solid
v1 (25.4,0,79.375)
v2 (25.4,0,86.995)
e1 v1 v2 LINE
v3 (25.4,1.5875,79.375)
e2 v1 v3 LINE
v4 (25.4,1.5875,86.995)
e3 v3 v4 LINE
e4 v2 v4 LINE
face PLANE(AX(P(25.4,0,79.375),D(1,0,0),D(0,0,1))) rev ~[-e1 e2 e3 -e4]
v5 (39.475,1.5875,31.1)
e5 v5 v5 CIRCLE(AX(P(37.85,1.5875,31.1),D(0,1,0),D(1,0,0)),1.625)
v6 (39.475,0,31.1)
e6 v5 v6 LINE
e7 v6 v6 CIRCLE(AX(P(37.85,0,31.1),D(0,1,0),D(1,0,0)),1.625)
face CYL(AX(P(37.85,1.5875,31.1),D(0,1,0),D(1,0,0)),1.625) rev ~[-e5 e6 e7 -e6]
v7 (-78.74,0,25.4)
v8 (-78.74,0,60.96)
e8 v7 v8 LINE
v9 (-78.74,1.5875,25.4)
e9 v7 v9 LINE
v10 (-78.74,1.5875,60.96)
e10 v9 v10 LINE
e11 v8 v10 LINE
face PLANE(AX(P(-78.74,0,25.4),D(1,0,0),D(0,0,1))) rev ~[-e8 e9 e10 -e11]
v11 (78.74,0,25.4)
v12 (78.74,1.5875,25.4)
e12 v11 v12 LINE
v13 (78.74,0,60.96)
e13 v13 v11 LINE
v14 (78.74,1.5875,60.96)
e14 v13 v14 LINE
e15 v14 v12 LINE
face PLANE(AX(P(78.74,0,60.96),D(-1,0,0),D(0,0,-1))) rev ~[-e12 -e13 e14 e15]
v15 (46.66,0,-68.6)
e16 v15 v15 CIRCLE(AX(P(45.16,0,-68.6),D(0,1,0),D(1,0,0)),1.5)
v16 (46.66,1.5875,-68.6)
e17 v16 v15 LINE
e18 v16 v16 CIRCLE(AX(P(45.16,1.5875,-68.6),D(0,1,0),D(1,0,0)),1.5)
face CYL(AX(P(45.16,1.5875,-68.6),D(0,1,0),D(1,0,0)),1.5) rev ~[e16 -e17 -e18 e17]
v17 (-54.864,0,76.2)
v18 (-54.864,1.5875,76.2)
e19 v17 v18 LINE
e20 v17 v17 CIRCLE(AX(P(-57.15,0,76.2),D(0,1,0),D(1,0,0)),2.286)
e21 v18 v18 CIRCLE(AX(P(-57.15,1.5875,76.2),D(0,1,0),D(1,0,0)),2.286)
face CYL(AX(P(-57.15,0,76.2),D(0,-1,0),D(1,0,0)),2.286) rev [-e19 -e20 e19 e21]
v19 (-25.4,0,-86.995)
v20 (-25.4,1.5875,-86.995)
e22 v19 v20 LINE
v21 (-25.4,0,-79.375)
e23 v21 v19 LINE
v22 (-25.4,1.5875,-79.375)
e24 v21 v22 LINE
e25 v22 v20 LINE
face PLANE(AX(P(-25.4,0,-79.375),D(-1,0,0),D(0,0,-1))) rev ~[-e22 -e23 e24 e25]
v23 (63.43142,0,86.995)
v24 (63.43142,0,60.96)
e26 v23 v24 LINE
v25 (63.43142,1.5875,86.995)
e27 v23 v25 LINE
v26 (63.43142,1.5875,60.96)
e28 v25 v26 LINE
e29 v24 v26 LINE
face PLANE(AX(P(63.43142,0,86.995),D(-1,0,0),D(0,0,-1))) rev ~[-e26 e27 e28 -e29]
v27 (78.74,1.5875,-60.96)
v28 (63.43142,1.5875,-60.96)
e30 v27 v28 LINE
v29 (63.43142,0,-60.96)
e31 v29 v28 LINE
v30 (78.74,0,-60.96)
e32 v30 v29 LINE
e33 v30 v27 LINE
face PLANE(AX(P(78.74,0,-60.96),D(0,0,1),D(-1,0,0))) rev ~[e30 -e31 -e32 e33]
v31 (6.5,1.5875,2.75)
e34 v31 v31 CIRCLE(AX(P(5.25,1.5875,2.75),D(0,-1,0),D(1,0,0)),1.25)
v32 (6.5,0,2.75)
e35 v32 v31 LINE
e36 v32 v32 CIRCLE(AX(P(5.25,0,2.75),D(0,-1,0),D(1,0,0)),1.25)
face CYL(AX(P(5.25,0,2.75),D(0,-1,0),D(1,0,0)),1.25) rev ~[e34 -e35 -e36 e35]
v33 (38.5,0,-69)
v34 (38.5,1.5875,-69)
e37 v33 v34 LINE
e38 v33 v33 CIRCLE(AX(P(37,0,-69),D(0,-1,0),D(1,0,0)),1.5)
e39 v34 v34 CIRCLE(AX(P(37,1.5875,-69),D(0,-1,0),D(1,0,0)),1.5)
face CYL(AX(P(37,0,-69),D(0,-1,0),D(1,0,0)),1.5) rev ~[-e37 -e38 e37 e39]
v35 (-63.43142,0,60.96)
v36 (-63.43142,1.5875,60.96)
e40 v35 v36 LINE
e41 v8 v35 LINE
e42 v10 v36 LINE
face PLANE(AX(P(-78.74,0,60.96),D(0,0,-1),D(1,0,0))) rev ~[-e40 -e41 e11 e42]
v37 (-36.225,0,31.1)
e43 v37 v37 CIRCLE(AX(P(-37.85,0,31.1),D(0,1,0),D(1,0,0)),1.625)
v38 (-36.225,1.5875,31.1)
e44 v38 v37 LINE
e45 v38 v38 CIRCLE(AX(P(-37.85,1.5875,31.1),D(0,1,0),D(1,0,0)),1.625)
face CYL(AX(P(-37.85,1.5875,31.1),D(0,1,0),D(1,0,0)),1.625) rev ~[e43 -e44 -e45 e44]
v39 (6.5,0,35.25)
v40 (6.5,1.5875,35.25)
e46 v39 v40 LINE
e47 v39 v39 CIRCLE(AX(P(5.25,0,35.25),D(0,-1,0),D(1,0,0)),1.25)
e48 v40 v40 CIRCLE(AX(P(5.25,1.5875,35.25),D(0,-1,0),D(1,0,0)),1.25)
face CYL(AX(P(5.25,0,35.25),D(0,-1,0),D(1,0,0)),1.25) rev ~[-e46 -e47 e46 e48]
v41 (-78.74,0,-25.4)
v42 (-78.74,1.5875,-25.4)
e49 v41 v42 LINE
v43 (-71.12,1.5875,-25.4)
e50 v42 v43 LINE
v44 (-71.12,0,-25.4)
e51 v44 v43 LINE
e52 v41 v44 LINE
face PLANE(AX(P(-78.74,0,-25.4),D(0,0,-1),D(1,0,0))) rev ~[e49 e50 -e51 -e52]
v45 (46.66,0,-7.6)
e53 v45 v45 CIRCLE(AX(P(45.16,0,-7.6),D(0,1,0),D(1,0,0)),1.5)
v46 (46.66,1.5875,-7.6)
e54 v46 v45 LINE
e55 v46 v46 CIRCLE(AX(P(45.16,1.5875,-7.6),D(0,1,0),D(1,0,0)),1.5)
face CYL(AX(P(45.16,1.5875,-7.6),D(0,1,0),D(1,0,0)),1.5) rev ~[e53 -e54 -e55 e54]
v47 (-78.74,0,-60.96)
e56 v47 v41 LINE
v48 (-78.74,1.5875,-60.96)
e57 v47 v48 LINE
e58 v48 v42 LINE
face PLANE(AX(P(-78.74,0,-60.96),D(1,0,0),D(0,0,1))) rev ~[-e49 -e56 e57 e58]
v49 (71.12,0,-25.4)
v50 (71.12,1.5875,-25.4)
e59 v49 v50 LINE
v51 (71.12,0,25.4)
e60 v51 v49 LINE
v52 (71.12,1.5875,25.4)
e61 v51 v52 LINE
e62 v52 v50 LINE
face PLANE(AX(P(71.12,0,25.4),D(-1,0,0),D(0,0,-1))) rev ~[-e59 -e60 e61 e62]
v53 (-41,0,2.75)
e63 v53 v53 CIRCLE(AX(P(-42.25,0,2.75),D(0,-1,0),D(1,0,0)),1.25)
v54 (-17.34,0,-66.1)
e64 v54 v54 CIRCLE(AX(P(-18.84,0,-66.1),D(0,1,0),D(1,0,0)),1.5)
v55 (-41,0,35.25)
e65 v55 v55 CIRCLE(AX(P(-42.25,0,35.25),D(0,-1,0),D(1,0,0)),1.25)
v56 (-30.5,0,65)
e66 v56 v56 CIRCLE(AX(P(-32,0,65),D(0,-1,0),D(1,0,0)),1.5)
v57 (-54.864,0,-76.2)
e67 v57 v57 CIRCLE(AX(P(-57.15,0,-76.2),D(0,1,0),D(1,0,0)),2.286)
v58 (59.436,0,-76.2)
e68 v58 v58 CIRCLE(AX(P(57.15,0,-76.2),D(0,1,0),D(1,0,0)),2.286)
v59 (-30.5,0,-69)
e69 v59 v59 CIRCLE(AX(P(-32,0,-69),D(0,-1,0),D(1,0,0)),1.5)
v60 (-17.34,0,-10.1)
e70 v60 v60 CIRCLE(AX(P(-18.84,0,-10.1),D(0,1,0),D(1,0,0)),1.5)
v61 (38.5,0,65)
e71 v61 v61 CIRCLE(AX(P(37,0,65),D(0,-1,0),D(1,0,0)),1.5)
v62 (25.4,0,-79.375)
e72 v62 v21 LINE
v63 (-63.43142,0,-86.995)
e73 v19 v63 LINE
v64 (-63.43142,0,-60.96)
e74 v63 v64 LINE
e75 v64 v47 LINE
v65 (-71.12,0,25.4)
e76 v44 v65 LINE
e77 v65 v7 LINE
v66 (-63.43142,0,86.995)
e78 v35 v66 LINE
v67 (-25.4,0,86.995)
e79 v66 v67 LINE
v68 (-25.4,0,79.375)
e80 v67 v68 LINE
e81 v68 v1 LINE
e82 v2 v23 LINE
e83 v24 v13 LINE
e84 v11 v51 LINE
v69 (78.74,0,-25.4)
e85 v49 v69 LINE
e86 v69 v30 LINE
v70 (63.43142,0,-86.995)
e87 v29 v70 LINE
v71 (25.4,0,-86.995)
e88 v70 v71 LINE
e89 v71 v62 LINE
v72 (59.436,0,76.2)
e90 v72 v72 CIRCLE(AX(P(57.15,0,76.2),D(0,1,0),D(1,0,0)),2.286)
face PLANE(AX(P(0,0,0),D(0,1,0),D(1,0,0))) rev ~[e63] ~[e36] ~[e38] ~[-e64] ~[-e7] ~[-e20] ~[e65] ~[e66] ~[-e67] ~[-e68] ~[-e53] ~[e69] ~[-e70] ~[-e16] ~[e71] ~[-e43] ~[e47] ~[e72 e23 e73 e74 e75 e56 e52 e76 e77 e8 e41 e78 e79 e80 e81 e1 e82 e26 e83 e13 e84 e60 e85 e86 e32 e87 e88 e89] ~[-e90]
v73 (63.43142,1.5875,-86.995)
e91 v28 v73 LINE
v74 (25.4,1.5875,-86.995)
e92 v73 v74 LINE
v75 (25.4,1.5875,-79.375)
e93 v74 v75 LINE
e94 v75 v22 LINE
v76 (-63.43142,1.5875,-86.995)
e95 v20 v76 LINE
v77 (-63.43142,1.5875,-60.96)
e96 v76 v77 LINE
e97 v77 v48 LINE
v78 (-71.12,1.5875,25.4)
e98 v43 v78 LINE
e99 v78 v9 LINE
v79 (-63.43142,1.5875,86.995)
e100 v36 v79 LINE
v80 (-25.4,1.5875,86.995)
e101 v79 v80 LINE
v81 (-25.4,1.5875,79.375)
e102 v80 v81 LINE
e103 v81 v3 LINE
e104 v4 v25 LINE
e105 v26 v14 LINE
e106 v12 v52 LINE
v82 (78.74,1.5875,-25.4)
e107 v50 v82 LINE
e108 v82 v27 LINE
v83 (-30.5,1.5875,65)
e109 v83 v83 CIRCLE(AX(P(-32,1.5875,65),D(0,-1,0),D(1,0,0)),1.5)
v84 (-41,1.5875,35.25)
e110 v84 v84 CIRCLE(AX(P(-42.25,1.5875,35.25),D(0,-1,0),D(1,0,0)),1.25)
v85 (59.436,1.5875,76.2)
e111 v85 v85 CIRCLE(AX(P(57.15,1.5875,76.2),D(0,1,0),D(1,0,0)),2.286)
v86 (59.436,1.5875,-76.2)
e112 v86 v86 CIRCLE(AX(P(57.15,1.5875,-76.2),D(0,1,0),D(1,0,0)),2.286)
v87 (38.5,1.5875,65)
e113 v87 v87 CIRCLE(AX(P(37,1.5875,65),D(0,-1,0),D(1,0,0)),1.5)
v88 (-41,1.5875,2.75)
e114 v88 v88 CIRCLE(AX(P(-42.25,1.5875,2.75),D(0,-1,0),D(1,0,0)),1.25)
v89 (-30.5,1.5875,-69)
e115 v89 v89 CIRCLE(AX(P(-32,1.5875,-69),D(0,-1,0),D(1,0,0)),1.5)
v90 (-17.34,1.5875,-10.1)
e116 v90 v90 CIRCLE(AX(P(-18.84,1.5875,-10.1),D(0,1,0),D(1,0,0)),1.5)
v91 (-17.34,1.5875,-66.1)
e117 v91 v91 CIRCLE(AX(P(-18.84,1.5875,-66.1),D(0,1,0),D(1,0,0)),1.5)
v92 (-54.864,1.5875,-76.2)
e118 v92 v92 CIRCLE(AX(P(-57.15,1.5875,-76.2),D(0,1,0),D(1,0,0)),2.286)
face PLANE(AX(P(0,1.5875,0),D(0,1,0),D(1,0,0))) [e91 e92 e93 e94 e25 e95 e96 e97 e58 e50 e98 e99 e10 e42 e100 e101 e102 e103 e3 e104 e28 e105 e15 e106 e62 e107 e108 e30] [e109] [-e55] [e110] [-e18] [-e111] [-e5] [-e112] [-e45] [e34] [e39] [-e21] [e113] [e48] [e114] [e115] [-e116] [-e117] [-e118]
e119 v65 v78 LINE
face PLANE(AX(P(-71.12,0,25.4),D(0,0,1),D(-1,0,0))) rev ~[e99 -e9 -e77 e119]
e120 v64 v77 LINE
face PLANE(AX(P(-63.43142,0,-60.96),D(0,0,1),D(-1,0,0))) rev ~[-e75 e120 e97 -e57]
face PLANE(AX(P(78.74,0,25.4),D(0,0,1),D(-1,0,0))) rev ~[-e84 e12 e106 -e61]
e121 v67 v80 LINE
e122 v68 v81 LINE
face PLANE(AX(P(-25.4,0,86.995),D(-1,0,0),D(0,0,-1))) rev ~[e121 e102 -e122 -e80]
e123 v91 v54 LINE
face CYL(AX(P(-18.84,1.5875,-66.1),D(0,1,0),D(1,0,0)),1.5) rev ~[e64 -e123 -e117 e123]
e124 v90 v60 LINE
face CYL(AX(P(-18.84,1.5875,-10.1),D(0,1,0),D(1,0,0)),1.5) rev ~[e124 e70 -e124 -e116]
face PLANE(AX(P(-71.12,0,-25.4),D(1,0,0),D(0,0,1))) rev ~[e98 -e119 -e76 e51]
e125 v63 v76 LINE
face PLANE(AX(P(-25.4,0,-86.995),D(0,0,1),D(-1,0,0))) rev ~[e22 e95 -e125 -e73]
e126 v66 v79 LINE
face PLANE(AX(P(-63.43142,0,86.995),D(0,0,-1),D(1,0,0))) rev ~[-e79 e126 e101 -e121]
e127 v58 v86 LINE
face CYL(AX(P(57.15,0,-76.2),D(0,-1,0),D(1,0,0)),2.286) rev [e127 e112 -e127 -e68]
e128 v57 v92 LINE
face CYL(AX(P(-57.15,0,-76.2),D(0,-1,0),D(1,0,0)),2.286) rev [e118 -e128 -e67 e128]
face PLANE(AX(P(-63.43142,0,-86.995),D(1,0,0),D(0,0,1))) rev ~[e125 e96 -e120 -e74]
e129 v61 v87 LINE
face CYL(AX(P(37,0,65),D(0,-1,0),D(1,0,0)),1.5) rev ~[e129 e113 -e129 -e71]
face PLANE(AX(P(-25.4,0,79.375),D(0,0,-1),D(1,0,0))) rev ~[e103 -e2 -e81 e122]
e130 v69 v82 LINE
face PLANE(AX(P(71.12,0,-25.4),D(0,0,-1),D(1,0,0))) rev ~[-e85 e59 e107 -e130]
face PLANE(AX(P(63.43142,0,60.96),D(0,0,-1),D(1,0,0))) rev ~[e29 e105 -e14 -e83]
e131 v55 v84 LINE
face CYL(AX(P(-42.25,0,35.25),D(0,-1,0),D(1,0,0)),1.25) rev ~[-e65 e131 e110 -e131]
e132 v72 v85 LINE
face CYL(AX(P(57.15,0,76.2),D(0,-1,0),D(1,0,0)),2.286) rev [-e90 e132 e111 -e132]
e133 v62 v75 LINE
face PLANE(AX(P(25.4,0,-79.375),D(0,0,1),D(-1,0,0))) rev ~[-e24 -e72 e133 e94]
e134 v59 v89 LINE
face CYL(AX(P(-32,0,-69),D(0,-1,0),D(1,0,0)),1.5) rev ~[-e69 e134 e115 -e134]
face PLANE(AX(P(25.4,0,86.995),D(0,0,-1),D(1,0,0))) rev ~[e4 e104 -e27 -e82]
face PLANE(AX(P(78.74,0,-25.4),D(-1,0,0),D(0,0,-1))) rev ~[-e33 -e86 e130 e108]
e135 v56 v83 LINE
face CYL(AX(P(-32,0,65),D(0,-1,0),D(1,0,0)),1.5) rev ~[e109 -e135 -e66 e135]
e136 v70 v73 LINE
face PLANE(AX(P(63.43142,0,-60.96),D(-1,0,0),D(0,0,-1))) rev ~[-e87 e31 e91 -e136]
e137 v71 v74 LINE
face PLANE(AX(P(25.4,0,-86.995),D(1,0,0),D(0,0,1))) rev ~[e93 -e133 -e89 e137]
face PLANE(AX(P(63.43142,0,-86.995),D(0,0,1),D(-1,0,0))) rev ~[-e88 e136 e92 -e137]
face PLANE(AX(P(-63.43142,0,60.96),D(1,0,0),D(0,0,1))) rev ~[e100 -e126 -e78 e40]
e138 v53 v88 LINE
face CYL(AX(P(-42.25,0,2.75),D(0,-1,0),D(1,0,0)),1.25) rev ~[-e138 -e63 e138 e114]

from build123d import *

# Parameters (mm, degrees)
SKETCH1_R          = 2.286
MAIN_BODY_DEPTH    = 1.5875
CUT_EXTRUDE3_REACH = 3.587
SKETCH12_R         = 1.5
SKETCH12_R_2       = 1.25
CUT_EXTRUDE4_REACH = 3.587
SKETCH13_R         = 1.5
SKETCH13_R_2       = 1.625


with BuildPart() as part:
    # Sketch1 → Main Body (new body)
    with BuildSketch(Plane(origin=(0, 0, 0), x_dir=(1, 0, 0), z_dir=(0, 1, 0))):
        Polygon((-25.4, 86.995), (-63.43142, 86.995), (-63.43142, 60.96), (-78.74, 60.96), (-78.74, 25.4), (-71.12, 25.4), (-71.12, -25.4), (-78.74, -25.4), (-78.74, -60.96), (-63.43142, -60.96), (-63.43142, -86.995), (-25.4, -86.995), (-25.4, -79.375), (25.4, -79.375), (25.4, -86.995), (63.43142, -86.995), (63.43142, -60.96), (78.74, -60.96), (78.74, -25.4), (71.12, -25.4), (71.12, 25.4), (78.74, 25.4), (78.74, 60.96), (63.43142, 60.96), (63.43142, 86.995), (25.4, 86.995), (25.4, 79.375), (-25.4, 79.375), align=None)
        with Locations((-57.15, 76.2)):
            Circle(SKETCH1_R, mode=Mode.SUBTRACT)
        with Locations((57.15, 76.2)):
            Circle(SKETCH1_R, mode=Mode.SUBTRACT)
        with Locations((57.15, -76.2)):
            Circle(SKETCH1_R, mode=Mode.SUBTRACT)
        with Locations((-57.15, -76.2)):
            Circle(SKETCH1_R, mode=Mode.SUBTRACT)
    extrude(amount=MAIN_BODY_DEPTH)

    # Sketch12 → Cut-Extrude3 (cut, up to next)
    with BuildSketch(Plane.XZ, mode=Mode.PRIVATE) as cut_extrude3_sk1:
        with Locations((-32, -69)):
            Circle(SKETCH12_R)
    cut_extrude3_tool1 = extrude(cut_extrude3_sk1.sketch, amount=-CUT_EXTRUDE3_REACH, mode=Mode.PRIVATE) & part.part
    add(cut_extrude3_tool1.solids().sort_by_distance((-32, 0, -69))[0], mode=Mode.SUBTRACT)
    # Sketch12 → Cut-Extrude3 (cut, up to next)
    with BuildSketch(Plane.XZ, mode=Mode.PRIVATE) as cut_extrude3_sk2:
        with Locations((37, -69)):
            Circle(SKETCH12_R)
    cut_extrude3_tool2 = extrude(cut_extrude3_sk2.sketch, amount=-CUT_EXTRUDE3_REACH, mode=Mode.PRIVATE) & part.part
    add(cut_extrude3_tool2.solids().sort_by_distance((37, 0, -69))[0], mode=Mode.SUBTRACT)
    # Sketch12 → Cut-Extrude3 (cut, up to next)
    with BuildSketch(Plane.XZ, mode=Mode.PRIVATE) as cut_extrude3_sk3:
        with Locations((37, 65)):
            Circle(SKETCH12_R)
    cut_extrude3_tool3 = extrude(cut_extrude3_sk3.sketch, amount=-CUT_EXTRUDE3_REACH, mode=Mode.PRIVATE) & part.part
    add(cut_extrude3_tool3.solids().sort_by_distance((37, 0, 65))[0], mode=Mode.SUBTRACT)
    # Sketch12 → Cut-Extrude3 (cut, up to next)
    with BuildSketch(Plane.XZ, mode=Mode.PRIVATE) as cut_extrude3_sk4:
        with Locations((-32, 65)):
            Circle(SKETCH12_R)
    cut_extrude3_tool4 = extrude(cut_extrude3_sk4.sketch, amount=-CUT_EXTRUDE3_REACH, mode=Mode.PRIVATE) & part.part
    add(cut_extrude3_tool4.solids().sort_by_distance((-32, 0, 65))[0], mode=Mode.SUBTRACT)
    # Sketch12 → Cut-Extrude3 (cut, up to next)
    with BuildSketch(Plane.XZ, mode=Mode.PRIVATE) as cut_extrude3_sk5:
        with Locations((-42.25, 2.75)):
            Circle(SKETCH12_R_2)
    cut_extrude3_tool5 = extrude(cut_extrude3_sk5.sketch, amount=-CUT_EXTRUDE3_REACH, mode=Mode.PRIVATE) & part.part
    add(cut_extrude3_tool5.solids().sort_by_distance((-42.25, 0, 2.75))[0], mode=Mode.SUBTRACT)
    # Sketch12 → Cut-Extrude3 (cut, up to next)
    with BuildSketch(Plane.XZ, mode=Mode.PRIVATE) as cut_extrude3_sk6:
        with Locations((-42.25, 35.25)):
            Circle(SKETCH12_R_2)
    cut_extrude3_tool6 = extrude(cut_extrude3_sk6.sketch, amount=-CUT_EXTRUDE3_REACH, mode=Mode.PRIVATE) & part.part
    add(cut_extrude3_tool6.solids().sort_by_distance((-42.25, 0, 35.25))[0], mode=Mode.SUBTRACT)
    # Sketch12 → Cut-Extrude3 (cut, up to next)
    with BuildSketch(Plane.XZ, mode=Mode.PRIVATE) as cut_extrude3_sk7:
        with Locations((5.25, 2.75)):
            Circle(SKETCH12_R_2)
    cut_extrude3_tool7 = extrude(cut_extrude3_sk7.sketch, amount=-CUT_EXTRUDE3_REACH, mode=Mode.PRIVATE) & part.part
    add(cut_extrude3_tool7.solids().sort_by_distance((5.25, 0, 2.75))[0], mode=Mode.SUBTRACT)
    # Sketch12 → Cut-Extrude3 (cut, up to next)
    with BuildSketch(Plane.XZ, mode=Mode.PRIVATE) as cut_extrude3_sk8:
        with Locations((5.25, 35.25)):
            Circle(SKETCH12_R_2)
    cut_extrude3_tool8 = extrude(cut_extrude3_sk8.sketch, amount=-CUT_EXTRUDE3_REACH, mode=Mode.PRIVATE) & part.part
    add(cut_extrude3_tool8.solids().sort_by_distance((5.25, 0, 35.25))[0], mode=Mode.SUBTRACT)

    # Sketch13 → Cut-Extrude4 (cut, up to next)
    with BuildSketch(Plane(origin=(0, 1.5875, 0), x_dir=(1, 0, 0), z_dir=(0, 1, 0)), mode=Mode.PRIVATE) as cut_extrude4_sk1:
        with Locations((45.16, 7.6)):
            Circle(SKETCH13_R)
    cut_extrude4_tool1 = extrude(cut_extrude4_sk1.sketch, amount=-CUT_EXTRUDE4_REACH, mode=Mode.PRIVATE) & part.part
    add(cut_extrude4_tool1.solids().sort_by_distance((45.16, 1.5875, -7.6))[0], mode=Mode.SUBTRACT)
    # Sketch13 → Cut-Extrude4 (cut, up to next)
    with BuildSketch(Plane(origin=(0, 1.5875, 0), x_dir=(1, 0, 0), z_dir=(0, 1, 0)), mode=Mode.PRIVATE) as cut_extrude4_sk2:
        with Locations((45.16, 68.6)):
            Circle(SKETCH13_R)
    cut_extrude4_tool2 = extrude(cut_extrude4_sk2.sketch, amount=-CUT_EXTRUDE4_REACH, mode=Mode.PRIVATE) & part.part
    add(cut_extrude4_tool2.solids().sort_by_distance((45.16, 1.5875, -68.6))[0], mode=Mode.SUBTRACT)
    # Sketch13 → Cut-Extrude4 (cut, up to next)
    with BuildSketch(Plane(origin=(0, 1.5875, 0), x_dir=(1, 0, 0), z_dir=(0, 1, 0)), mode=Mode.PRIVATE) as cut_extrude4_sk3:
        with Locations((-18.84, 66.1)):
            Circle(SKETCH13_R)
    cut_extrude4_tool3 = extrude(cut_extrude4_sk3.sketch, amount=-CUT_EXTRUDE4_REACH, mode=Mode.PRIVATE) & part.part
    add(cut_extrude4_tool3.solids().sort_by_distance((-18.84, 1.5875, -66.1))[0], mode=Mode.SUBTRACT)
    # Sketch13 → Cut-Extrude4 (cut, up to next)
    with BuildSketch(Plane(origin=(0, 1.5875, 0), x_dir=(1, 0, 0), z_dir=(0, 1, 0)), mode=Mode.PRIVATE) as cut_extrude4_sk4:
        with Locations((-18.84, 10.1)):
            Circle(SKETCH13_R)
    cut_extrude4_tool4 = extrude(cut_extrude4_sk4.sketch, amount=-CUT_EXTRUDE4_REACH, mode=Mode.PRIVATE) & part.part
    add(cut_extrude4_tool4.solids().sort_by_distance((-18.84, 1.5875, -10.1))[0], mode=Mode.SUBTRACT)
    # Sketch13 → Cut-Extrude4 (cut, up to next)
    with BuildSketch(Plane(origin=(0, 1.5875, 0), x_dir=(1, 0, 0), z_dir=(0, 1, 0)), mode=Mode.PRIVATE) as cut_extrude4_sk5:
        with Locations((-37.85, -31.1)):
            Circle(SKETCH13_R_2)
    cut_extrude4_tool5 = extrude(cut_extrude4_sk5.sketch, amount=-CUT_EXTRUDE4_REACH, mode=Mode.PRIVATE) & part.part
    add(cut_extrude4_tool5.solids().sort_by_distance((-37.85, 1.5875, 31.1))[0], mode=Mode.SUBTRACT)
    # Sketch13 → Cut-Extrude4 (cut, up to next)
    with BuildSketch(Plane(origin=(0, 1.5875, 0), x_dir=(1, 0, 0), z_dir=(0, 1, 0)), mode=Mode.PRIVATE) as cut_extrude4_sk6:
        with Locations((37.85, -31.1)):
            Circle(SKETCH13_R_2)
    cut_extrude4_tool6 = extrude(cut_extrude4_sk6.sketch, amount=-CUT_EXTRUDE4_REACH, mode=Mode.PRIVATE) & part.part
    add(cut_extrude4_tool6.solids().sort_by_distance((37.85, 1.5875, 31.1))[0], mode=Mode.SUBTRACT)


solid = part.part
